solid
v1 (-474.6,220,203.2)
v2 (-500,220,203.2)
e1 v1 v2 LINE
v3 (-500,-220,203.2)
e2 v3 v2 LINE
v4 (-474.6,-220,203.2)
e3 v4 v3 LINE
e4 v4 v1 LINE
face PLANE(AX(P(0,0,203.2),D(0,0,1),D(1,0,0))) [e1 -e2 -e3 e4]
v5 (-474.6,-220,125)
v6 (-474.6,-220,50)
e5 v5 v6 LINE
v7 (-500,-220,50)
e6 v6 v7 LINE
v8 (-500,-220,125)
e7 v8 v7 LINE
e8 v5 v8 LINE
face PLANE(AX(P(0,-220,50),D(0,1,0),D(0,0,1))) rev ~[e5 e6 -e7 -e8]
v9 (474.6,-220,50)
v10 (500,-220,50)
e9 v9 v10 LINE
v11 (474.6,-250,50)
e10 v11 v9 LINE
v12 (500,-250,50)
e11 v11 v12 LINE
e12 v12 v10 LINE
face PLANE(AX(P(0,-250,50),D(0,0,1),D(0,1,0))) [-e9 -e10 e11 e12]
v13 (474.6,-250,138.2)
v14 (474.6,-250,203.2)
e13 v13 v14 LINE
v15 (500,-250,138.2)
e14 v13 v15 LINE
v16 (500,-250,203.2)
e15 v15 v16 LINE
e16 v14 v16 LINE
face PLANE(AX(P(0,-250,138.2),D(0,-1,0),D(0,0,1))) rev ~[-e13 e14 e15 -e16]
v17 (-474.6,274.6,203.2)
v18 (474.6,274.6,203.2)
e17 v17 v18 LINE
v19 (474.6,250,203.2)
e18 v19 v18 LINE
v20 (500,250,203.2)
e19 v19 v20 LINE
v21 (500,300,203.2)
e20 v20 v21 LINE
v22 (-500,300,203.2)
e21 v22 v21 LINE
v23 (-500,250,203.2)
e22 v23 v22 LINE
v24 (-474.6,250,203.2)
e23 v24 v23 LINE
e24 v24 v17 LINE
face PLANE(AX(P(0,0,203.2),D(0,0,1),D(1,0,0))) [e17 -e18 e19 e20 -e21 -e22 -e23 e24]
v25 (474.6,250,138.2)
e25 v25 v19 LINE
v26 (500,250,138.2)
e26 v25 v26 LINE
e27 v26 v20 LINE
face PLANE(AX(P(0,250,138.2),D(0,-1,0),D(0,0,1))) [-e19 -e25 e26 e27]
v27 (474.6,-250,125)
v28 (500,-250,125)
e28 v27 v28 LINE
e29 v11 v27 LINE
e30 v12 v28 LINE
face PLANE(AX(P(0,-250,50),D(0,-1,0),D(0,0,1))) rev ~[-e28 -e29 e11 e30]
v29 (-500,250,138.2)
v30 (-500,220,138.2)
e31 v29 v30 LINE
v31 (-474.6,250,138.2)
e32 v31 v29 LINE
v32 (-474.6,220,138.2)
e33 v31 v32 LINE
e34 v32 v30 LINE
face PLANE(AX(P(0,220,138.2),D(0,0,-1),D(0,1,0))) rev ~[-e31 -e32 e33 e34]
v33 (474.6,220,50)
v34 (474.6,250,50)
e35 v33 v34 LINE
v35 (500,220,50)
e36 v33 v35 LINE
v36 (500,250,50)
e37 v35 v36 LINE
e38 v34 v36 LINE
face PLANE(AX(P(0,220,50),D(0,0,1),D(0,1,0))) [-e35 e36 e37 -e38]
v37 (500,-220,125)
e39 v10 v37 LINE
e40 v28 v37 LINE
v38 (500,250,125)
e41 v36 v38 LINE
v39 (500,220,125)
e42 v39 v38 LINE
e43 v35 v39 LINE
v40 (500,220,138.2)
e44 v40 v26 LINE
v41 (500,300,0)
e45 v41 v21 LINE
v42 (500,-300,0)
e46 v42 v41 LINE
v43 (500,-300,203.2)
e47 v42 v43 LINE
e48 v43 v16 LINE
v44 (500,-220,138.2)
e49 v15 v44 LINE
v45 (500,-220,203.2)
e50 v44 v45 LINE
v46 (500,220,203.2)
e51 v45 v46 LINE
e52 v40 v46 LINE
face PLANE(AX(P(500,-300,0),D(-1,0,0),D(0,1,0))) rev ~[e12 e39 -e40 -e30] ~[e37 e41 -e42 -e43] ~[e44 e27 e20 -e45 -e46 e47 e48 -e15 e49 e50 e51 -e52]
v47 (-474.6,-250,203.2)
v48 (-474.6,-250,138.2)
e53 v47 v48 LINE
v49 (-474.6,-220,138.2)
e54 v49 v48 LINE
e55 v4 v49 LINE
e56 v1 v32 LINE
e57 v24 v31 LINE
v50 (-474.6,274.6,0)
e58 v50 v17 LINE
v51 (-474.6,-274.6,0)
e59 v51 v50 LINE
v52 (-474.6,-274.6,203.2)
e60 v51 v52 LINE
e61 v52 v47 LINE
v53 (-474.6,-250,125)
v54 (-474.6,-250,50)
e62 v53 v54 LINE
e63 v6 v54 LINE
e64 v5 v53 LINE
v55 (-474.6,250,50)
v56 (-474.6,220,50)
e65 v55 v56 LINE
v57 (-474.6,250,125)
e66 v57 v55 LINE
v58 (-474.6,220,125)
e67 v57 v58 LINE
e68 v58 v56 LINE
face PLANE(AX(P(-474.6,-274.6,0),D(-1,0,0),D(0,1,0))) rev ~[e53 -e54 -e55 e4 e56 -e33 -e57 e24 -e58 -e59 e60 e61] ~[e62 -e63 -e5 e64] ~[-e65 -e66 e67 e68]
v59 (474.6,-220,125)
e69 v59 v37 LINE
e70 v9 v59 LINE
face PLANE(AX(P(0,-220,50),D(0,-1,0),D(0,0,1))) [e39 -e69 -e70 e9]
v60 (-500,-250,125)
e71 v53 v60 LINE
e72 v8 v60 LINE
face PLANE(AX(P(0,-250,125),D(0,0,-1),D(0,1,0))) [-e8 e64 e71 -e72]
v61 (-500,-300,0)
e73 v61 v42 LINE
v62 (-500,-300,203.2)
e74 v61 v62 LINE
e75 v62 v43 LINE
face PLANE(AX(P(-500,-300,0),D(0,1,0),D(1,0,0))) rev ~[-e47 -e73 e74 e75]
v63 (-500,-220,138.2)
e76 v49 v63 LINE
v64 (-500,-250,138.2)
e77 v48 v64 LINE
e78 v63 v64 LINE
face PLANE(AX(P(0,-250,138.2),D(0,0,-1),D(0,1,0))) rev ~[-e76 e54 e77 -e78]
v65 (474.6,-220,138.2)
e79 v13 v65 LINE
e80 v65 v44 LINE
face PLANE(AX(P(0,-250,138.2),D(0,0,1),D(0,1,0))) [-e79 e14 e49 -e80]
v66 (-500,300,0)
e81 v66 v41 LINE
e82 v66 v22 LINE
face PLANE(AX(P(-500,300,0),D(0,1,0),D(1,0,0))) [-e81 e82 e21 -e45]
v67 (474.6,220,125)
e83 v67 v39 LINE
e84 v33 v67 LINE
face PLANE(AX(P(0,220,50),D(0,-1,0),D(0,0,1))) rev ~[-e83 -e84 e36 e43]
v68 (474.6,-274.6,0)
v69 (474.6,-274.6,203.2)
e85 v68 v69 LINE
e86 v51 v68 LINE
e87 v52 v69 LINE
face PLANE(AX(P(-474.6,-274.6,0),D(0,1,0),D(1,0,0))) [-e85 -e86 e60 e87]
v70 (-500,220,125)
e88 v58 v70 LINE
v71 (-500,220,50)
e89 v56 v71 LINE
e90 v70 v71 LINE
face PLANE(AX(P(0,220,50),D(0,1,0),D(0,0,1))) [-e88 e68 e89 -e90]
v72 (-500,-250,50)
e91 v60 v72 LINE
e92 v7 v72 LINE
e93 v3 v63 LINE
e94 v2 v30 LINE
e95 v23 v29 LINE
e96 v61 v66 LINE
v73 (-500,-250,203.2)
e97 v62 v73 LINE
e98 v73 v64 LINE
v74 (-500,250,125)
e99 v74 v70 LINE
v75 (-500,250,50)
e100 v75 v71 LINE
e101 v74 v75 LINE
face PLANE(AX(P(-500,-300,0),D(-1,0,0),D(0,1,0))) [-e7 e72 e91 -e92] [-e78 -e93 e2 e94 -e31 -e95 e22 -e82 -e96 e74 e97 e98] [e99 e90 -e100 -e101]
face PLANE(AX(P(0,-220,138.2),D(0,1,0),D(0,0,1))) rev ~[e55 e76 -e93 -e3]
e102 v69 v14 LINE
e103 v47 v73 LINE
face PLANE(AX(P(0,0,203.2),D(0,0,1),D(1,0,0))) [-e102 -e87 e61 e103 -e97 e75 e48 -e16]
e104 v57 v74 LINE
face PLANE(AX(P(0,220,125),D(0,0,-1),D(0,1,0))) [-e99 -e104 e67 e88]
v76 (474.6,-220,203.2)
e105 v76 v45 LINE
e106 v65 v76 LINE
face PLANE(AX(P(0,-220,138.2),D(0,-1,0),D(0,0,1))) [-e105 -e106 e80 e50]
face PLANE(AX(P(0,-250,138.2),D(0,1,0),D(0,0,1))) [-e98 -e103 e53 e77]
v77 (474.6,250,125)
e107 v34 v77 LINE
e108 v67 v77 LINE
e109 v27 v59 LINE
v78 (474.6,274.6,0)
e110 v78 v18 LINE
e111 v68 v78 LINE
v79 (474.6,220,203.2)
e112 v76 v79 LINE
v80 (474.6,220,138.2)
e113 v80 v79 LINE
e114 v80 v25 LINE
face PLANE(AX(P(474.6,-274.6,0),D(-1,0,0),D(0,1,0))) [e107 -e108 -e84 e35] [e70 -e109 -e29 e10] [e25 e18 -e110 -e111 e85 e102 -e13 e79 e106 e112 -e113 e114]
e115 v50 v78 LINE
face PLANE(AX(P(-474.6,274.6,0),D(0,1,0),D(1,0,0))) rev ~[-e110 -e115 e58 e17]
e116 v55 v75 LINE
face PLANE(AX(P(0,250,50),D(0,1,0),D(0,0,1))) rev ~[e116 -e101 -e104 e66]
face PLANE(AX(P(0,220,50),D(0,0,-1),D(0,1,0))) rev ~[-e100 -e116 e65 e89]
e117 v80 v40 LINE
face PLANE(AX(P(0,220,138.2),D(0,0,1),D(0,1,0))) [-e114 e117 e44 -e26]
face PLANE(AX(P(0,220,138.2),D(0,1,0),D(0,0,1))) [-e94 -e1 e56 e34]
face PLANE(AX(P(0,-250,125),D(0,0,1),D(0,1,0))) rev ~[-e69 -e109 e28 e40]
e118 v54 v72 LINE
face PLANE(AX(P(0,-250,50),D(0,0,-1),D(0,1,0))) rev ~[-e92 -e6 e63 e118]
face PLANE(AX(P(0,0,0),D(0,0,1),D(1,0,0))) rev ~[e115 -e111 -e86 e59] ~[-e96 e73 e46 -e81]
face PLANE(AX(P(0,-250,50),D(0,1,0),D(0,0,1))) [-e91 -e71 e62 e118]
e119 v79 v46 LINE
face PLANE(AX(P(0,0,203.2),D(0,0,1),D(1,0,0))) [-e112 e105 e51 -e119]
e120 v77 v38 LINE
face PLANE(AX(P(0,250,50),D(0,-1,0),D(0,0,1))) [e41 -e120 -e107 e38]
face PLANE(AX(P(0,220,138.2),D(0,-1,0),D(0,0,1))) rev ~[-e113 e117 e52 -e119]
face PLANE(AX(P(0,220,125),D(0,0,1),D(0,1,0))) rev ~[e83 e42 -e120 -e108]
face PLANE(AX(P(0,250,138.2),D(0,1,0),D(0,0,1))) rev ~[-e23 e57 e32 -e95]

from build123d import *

# Parameters (mm, degrees)
F0_W          = 1000
F0_H          = 600
F0_W_2        = 949.2
F0_H_2        = 549.2
F1_DEPTH      = 203.2
F2_W          = 30
F2_H          = 75
F3_DEPTH      = 500.001
F3_DEPTH_BACK = 500.001


with BuildPart() as f1:
    # F0 (on Top) → F1 (new body)
    with BuildSketch(Plane.XY):
        Rectangle(F0_W, F0_H)
        Rectangle(F0_W_2, F0_H_2, mode=Mode.SUBTRACT)
    extrude(amount=F1_DEPTH)

    # F2 (on Right) → F3 (cut, two sides)
    with BuildSketch(Plane.YZ) as f3_sk:
        with Locations((235, 175.7)):
            Rectangle(F2_W, F2_H)
        with Locations((-235, 175.7)):
            Rectangle(F2_W, F2_H)
        with Locations((-235, 87.5)):
            Rectangle(F2_W, F2_H)
        with Locations((235, 87.5)):
            Rectangle(F2_W, F2_H)
    extrude(amount=-F3_DEPTH, mode=Mode.SUBTRACT)
    extrude(f3_sk.sketch, amount=F3_DEPTH_BACK, mode=Mode.SUBTRACT)


solid = f1.part
